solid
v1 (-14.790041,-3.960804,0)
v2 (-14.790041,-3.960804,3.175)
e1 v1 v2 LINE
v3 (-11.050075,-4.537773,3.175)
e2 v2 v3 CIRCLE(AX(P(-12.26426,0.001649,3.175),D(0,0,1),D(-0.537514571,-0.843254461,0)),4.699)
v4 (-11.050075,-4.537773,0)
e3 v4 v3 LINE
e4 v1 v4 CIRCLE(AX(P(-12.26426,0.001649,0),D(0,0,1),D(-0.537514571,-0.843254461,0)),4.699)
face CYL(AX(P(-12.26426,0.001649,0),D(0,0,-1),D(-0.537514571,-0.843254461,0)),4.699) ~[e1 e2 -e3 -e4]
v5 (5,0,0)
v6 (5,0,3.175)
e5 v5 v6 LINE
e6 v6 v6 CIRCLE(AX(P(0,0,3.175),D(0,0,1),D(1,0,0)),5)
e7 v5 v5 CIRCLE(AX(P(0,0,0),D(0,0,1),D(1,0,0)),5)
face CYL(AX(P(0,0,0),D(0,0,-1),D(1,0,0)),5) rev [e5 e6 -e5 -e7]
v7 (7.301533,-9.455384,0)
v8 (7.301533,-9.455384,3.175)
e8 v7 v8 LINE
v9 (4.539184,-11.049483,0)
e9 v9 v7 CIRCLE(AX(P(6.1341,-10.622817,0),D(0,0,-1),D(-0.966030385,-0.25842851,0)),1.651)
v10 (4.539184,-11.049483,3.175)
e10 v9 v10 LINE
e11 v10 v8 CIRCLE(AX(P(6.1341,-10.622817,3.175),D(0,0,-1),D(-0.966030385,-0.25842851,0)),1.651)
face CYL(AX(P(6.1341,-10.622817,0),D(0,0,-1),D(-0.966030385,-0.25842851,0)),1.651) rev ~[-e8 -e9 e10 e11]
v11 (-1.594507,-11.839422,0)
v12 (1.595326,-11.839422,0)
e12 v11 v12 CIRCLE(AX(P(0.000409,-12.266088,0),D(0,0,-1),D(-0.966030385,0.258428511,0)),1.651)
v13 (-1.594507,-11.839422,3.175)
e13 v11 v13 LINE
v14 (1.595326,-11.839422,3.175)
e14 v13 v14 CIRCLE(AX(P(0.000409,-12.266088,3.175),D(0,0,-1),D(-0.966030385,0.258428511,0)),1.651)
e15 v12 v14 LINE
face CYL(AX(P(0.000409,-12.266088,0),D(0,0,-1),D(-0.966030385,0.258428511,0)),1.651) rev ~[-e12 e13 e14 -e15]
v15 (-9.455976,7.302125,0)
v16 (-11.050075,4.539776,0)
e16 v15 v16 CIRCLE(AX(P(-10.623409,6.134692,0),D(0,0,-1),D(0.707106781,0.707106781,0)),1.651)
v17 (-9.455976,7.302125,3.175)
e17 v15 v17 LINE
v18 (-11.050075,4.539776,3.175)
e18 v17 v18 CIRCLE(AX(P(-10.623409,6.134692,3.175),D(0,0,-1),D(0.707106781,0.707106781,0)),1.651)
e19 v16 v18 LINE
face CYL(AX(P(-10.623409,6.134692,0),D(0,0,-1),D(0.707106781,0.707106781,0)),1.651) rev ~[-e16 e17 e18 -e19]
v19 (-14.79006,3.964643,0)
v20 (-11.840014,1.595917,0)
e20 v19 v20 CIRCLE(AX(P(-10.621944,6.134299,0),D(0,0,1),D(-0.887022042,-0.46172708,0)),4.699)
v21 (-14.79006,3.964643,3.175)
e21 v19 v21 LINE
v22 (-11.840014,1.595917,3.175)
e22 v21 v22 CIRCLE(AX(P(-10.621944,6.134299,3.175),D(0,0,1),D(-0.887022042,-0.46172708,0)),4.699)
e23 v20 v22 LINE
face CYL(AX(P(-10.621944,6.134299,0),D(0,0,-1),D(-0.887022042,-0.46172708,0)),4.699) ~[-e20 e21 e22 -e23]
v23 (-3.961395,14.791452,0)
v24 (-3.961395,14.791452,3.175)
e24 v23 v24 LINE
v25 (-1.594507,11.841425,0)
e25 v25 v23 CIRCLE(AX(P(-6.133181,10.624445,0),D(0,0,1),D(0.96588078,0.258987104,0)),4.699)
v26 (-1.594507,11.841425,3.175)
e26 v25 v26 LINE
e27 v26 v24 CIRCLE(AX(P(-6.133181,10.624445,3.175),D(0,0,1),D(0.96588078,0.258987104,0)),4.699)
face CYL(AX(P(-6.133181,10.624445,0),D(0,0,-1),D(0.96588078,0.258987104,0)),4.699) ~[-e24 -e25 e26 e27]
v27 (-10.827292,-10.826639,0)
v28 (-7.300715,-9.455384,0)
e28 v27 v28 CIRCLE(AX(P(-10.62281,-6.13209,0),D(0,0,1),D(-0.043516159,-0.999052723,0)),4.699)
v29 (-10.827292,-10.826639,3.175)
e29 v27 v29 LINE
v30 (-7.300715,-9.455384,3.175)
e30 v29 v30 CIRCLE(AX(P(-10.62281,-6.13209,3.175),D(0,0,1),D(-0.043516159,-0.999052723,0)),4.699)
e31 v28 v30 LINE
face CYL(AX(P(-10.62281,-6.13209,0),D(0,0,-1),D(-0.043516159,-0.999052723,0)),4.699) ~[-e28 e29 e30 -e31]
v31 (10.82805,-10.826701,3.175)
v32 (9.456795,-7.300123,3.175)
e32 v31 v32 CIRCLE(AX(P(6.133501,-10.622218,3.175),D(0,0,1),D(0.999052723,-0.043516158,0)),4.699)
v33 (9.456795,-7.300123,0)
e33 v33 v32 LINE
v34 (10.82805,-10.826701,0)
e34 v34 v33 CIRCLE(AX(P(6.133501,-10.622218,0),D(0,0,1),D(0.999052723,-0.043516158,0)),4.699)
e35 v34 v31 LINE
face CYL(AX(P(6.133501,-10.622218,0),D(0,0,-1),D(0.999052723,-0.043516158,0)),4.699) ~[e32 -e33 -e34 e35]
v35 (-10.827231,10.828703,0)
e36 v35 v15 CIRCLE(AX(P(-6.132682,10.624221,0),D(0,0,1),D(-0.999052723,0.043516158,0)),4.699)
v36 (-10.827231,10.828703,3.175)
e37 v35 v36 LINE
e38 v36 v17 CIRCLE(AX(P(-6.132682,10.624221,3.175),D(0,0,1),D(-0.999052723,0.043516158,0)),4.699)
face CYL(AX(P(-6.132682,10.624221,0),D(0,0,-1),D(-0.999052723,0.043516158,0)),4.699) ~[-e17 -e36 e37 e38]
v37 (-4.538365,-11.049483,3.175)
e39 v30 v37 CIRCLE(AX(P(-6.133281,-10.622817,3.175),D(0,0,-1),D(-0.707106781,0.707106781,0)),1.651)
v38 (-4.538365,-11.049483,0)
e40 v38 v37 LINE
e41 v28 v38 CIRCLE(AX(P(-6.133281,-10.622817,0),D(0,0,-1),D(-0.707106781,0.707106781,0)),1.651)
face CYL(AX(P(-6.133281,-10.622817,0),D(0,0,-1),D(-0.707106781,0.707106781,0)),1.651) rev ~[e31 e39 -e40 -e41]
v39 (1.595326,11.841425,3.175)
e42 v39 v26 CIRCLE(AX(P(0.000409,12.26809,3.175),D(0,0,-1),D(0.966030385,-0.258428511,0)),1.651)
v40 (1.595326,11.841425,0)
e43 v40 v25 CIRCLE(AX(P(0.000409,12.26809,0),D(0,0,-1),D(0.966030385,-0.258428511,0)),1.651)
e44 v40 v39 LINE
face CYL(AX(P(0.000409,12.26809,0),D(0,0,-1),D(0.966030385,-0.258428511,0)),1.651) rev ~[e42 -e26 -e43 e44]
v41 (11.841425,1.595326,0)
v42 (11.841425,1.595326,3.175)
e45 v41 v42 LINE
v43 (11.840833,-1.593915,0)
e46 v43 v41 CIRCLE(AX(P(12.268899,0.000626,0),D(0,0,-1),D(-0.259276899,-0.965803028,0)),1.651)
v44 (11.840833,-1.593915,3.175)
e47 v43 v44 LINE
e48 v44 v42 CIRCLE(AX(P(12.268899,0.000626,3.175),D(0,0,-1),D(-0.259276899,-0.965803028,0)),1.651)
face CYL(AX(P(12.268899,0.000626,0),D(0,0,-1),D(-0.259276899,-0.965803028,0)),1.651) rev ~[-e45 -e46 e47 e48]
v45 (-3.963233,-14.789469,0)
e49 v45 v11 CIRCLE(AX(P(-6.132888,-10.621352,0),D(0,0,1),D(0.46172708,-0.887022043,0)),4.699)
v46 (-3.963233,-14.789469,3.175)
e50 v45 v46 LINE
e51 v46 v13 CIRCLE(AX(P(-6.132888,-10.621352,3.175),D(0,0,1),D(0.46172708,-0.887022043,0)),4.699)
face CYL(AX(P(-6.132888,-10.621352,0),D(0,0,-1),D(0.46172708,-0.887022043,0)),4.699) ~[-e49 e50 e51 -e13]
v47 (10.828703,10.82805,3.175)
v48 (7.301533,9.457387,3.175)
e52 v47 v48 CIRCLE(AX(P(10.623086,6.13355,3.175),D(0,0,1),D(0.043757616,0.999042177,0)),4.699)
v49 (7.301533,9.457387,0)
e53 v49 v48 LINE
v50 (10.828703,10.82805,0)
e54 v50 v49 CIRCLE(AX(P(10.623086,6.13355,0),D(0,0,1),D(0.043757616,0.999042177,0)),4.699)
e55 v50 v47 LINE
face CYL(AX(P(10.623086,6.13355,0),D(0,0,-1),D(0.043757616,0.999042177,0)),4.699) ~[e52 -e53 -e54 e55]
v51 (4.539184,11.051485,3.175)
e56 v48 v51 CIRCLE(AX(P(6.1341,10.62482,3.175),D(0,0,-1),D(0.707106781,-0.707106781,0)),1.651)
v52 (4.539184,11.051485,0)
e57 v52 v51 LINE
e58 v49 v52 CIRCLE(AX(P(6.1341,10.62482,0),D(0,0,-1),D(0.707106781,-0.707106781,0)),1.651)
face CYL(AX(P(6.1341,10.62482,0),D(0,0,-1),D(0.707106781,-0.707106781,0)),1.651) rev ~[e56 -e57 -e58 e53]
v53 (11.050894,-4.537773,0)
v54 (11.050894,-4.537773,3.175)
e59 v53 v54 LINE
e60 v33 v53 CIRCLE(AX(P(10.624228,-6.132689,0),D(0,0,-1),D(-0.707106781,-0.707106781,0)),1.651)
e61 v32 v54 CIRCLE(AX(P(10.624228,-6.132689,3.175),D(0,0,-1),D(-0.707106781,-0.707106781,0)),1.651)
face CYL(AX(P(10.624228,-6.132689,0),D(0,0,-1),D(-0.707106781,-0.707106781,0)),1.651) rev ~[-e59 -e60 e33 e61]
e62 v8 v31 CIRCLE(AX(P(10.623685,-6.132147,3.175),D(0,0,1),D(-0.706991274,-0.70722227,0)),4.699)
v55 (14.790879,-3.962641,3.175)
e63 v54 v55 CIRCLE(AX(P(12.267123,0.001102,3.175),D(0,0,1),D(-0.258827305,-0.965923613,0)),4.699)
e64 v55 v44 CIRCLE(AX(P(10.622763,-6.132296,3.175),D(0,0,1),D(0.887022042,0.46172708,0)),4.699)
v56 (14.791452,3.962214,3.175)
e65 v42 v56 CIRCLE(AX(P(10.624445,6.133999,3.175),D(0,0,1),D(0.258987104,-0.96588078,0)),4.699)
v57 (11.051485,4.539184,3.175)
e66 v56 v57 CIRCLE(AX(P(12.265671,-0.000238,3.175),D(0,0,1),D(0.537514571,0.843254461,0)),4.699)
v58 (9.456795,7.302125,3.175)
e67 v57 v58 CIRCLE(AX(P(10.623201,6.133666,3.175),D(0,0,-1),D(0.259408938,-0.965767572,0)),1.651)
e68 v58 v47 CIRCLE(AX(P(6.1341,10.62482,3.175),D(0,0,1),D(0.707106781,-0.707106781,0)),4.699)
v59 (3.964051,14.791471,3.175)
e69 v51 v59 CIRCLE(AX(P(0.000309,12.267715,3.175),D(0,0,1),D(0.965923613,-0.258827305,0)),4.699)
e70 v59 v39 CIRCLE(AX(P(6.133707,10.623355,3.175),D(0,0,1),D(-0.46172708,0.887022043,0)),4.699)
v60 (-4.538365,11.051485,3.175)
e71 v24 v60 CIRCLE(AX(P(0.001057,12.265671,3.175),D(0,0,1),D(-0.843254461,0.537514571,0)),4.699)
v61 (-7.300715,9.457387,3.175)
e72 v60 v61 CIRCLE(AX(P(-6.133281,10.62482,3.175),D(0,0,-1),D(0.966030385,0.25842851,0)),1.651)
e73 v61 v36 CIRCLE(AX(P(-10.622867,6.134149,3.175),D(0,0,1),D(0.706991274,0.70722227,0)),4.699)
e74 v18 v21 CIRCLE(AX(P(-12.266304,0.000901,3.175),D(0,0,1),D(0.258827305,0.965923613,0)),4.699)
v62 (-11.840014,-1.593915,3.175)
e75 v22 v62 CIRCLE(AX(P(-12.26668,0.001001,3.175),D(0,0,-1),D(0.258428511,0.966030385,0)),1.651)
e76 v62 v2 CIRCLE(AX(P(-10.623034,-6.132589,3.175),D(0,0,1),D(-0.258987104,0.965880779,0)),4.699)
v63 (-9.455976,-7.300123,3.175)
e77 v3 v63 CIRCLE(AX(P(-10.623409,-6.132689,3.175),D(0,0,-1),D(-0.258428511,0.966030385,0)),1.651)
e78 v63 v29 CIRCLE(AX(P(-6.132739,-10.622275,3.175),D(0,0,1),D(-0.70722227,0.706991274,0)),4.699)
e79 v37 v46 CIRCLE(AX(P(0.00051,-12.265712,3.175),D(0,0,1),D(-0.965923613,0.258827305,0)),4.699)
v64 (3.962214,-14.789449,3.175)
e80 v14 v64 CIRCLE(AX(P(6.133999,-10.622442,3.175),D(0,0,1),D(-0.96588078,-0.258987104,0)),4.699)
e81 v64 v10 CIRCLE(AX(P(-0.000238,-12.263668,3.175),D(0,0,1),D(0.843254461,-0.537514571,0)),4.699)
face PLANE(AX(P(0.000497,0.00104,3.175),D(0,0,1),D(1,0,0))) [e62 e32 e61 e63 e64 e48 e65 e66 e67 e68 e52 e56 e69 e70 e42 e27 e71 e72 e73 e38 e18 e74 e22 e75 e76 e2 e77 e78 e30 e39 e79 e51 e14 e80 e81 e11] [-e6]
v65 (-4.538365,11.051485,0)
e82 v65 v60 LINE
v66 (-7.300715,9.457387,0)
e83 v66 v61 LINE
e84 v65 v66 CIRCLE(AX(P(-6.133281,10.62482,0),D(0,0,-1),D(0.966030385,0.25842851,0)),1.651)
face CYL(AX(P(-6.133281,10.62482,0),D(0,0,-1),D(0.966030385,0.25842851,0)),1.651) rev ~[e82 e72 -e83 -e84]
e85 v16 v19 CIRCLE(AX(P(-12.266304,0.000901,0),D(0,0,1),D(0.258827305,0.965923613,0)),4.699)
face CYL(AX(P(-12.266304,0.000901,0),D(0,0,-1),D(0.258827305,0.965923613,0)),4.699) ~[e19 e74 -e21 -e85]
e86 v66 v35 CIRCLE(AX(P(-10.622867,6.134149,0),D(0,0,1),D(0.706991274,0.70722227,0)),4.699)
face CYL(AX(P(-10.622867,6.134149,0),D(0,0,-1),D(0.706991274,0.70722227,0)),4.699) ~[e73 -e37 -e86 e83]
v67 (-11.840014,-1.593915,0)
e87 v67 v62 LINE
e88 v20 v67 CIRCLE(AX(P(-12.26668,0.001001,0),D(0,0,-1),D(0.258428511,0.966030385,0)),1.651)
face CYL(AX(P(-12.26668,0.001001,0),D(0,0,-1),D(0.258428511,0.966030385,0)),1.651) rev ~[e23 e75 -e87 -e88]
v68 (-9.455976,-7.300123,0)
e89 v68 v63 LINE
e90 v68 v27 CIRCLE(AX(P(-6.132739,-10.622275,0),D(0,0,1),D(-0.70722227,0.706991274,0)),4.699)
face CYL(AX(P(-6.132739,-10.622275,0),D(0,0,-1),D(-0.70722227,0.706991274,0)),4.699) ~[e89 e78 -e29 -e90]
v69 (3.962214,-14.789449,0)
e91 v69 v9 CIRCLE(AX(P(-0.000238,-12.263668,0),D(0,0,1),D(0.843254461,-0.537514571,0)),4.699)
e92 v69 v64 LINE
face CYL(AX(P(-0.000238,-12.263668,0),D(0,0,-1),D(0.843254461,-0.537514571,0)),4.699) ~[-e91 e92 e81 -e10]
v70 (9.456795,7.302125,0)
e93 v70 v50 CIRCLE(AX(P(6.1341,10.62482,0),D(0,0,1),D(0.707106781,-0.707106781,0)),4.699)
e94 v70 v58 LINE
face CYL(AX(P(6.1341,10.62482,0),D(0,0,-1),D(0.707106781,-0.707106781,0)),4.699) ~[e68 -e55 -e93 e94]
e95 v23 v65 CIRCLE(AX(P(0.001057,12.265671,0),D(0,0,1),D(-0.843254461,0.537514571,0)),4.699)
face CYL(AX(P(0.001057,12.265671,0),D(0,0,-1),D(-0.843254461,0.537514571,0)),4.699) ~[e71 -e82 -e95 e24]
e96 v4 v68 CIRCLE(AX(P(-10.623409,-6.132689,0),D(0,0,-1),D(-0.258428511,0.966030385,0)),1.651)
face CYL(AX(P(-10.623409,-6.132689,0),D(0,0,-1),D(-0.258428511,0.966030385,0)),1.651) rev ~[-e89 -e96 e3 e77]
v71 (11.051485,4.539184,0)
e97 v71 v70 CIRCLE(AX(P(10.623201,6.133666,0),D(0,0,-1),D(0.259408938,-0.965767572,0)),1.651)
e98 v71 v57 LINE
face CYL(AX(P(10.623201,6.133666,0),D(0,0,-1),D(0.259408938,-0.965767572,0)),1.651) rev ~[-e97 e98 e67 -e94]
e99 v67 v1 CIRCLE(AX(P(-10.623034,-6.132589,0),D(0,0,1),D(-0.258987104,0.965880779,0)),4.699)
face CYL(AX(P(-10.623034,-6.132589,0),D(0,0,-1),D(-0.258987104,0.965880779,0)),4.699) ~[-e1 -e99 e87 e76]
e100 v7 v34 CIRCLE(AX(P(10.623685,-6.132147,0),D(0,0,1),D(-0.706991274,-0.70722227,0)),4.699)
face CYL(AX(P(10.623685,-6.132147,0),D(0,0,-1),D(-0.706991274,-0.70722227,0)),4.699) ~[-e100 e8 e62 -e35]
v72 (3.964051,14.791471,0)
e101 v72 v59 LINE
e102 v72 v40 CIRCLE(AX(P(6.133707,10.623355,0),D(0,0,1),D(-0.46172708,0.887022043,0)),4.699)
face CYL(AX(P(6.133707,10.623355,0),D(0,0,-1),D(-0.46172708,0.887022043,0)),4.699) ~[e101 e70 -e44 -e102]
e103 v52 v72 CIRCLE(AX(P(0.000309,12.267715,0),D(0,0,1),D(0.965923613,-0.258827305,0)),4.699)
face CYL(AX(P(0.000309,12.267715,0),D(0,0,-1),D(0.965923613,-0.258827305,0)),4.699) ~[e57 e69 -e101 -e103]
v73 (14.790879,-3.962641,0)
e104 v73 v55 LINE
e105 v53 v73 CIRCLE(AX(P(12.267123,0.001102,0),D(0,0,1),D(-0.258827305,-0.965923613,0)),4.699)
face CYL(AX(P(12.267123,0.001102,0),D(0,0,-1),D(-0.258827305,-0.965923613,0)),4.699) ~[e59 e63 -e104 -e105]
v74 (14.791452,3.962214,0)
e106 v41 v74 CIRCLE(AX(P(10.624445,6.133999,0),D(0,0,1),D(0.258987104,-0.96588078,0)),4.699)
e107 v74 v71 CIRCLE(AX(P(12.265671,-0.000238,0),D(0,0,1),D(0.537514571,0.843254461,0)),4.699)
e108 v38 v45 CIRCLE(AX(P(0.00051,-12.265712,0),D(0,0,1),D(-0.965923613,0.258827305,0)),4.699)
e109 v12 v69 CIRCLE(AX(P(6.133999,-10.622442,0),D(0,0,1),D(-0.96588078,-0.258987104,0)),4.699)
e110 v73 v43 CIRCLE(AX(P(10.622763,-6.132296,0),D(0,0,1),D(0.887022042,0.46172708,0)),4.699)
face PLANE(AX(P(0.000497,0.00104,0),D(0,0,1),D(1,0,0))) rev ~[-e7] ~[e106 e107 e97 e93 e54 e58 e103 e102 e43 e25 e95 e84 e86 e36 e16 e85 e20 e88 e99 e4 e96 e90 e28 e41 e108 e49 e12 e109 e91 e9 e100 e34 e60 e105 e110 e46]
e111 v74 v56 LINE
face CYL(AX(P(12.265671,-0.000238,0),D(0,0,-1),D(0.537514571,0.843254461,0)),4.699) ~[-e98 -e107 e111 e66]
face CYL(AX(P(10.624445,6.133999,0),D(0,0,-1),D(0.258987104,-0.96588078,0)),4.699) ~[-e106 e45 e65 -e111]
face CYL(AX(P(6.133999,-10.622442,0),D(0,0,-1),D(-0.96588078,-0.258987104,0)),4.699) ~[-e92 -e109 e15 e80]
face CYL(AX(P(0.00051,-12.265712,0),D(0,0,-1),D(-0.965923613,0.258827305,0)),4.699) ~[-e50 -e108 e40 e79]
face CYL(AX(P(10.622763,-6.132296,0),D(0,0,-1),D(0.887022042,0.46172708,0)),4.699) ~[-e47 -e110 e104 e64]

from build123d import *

# Parameters (mm, degrees)
SKETCH2_R           = 5
BOSS_EXTRUDE2_DEPTH = 3.175


with BuildPart() as part:
    # Sketch2 → Boss-Extrude2 (new body)
    with BuildSketch(Plane.XY):
        with BuildLine():
            ThreePointArc((9.456794765, 7.302125235), (10.51328966, 8.920913041), (10.82870315, 10.828049574))
            ThreePointArc((10.82870315, 10.828049574), (8.921045244, 10.513465667), (7.301533296, 9.457386704))
            ThreePointArc((7.301533296, 9.457386704), (5.308889045, 9.194845217), (4.539183834, 11.051485471))
            ThreePointArc((4.539183834, 11.051485471), (4.64471403, 12.981928422), (3.964051405, 14.791471183))
            ThreePointArc((3.964051405, 14.791471183), (2.469674584, 13.565372247), (1.59532555, 11.841424903))
            ThreePointArc((1.59532555, 11.841424903), (0.000409384, 10.617090374), (-1.594506782, 11.841424903))
            ThreePointArc((-1.594506782, 11.841424903), (-2.468043552, 13.565085875), (-3.961395494, 14.791451895))
            ThreePointArc((-3.961395494, 14.791451895), (-4.64300424, 12.982116437), (-4.538365066, 11.051485471))
            ThreePointArc((-4.538365066, 11.051485471), (-5.308070277, 9.194845217), (-7.300714528, 9.457386704))
            ThreePointArc((-7.300714528, 9.457386704), (-8.919846484, 10.513683908), (-10.827230806, 10.82870315))
            ThreePointArc((-10.827230806, 10.82870315), (-10.512252617, 8.921293027), (-9.455975997, 7.302125235))
            ThreePointArc((-9.455975997, 7.302125235), (-9.19343451, 5.309480984), (-11.050074764, 4.539775774))
            ThreePointArc((-11.050074764, 4.539775774), (-12.980517715, 4.64530597), (-14.790060475, 3.964643344))
            ThreePointArc((-14.790060475, 3.964643344), (-13.56396154, 2.470266524), (-11.840014195, 1.595917489))
            ThreePointArc((-11.840014195, 1.595917489), (-10.615679667, 0.001001323), (-11.840014195, -1.593914842))
            ThreePointArc((-11.840014195, -1.593914842), (-13.563675168, -2.467451613), (-14.790041187, -3.960803554))
            ThreePointArc((-14.790041187, -3.960803554), (-12.980705729, -4.6424123), (-11.050074764, -4.537773127))
            ThreePointArc((-11.050074764, -4.537773127), (-9.19343451, -5.307478337), (-9.455975997, -7.300122588))
            ThreePointArc((-9.455975997, -7.300122588), (-10.512273201, -8.919254544), (-10.827292443, -10.826638866))
            ThreePointArc((-10.827292443, -10.826638866), (-8.91988232, -10.511660678), (-7.300714528, -9.455384057))
            ThreePointArc((-7.300714528, -9.455384057), (-5.308070277, -9.19284257), (-4.538365066, -11.049482824))
            ThreePointArc((-4.538365066, -11.049482824), (-4.643895262, -12.979925775), (-3.963232637, -14.789468536))
            ThreePointArc((-3.963232637, -14.789468536), (-2.468855816, -13.5633696), (-1.594506782, -11.839422256))
            ThreePointArc((-1.594506782, -11.839422256), (0.000409384, -10.615087727), (1.59532555, -11.839422256))
            ThreePointArc((1.59532555, -11.839422256), (2.46886232, -13.563083228), (3.962214262, -14.789449248))
            ThreePointArc((3.962214262, -14.789449248), (4.643823008, -12.98011379), (4.539183834, -11.049482824))
            ThreePointArc((4.539183834, -11.049482824), (5.308889045, -9.19284257), (7.301533296, -9.455384057))
            ThreePointArc((7.301533296, -9.455384057), (8.920665252, -10.511681261), (10.828049574, -10.826700503))
            ThreePointArc((10.828049574, -10.826700503), (10.513071385, -8.91929038), (9.456794765, -7.300122588))
            ThreePointArc((9.456794765, -7.300122588), (9.194253278, -5.307478337), (11.050893532, -4.537773127))
            ThreePointArc((11.050893532, -4.537773127), (12.981336483, -4.643303323), (14.790879243, -3.962640697))
            ThreePointArc((14.790879243, -3.962640697), (13.564780308, -2.468263877), (11.840832964, -1.593914842))
            ThreePointArc((11.840832964, -1.593914842), (10.617899153, 0.000932392), (11.841424903, 1.59532555))
            ThreePointArc((11.841424903, 1.59532555), (13.565085875, 2.46886232), (14.791451895, 3.962214262))
            ThreePointArc((14.791451895, 3.962214262), (12.982116437, 4.643823008), (11.051485471, 4.539183834))
            ThreePointArc((11.051485471, 4.539183834), (9.193282623, 5.308357949), (9.456794765, 7.302125235))
        make_face()
        Circle(SKETCH2_R, mode=Mode.SUBTRACT)
    extrude(amount=BOSS_EXTRUDE2_DEPTH)


solid = part.part
